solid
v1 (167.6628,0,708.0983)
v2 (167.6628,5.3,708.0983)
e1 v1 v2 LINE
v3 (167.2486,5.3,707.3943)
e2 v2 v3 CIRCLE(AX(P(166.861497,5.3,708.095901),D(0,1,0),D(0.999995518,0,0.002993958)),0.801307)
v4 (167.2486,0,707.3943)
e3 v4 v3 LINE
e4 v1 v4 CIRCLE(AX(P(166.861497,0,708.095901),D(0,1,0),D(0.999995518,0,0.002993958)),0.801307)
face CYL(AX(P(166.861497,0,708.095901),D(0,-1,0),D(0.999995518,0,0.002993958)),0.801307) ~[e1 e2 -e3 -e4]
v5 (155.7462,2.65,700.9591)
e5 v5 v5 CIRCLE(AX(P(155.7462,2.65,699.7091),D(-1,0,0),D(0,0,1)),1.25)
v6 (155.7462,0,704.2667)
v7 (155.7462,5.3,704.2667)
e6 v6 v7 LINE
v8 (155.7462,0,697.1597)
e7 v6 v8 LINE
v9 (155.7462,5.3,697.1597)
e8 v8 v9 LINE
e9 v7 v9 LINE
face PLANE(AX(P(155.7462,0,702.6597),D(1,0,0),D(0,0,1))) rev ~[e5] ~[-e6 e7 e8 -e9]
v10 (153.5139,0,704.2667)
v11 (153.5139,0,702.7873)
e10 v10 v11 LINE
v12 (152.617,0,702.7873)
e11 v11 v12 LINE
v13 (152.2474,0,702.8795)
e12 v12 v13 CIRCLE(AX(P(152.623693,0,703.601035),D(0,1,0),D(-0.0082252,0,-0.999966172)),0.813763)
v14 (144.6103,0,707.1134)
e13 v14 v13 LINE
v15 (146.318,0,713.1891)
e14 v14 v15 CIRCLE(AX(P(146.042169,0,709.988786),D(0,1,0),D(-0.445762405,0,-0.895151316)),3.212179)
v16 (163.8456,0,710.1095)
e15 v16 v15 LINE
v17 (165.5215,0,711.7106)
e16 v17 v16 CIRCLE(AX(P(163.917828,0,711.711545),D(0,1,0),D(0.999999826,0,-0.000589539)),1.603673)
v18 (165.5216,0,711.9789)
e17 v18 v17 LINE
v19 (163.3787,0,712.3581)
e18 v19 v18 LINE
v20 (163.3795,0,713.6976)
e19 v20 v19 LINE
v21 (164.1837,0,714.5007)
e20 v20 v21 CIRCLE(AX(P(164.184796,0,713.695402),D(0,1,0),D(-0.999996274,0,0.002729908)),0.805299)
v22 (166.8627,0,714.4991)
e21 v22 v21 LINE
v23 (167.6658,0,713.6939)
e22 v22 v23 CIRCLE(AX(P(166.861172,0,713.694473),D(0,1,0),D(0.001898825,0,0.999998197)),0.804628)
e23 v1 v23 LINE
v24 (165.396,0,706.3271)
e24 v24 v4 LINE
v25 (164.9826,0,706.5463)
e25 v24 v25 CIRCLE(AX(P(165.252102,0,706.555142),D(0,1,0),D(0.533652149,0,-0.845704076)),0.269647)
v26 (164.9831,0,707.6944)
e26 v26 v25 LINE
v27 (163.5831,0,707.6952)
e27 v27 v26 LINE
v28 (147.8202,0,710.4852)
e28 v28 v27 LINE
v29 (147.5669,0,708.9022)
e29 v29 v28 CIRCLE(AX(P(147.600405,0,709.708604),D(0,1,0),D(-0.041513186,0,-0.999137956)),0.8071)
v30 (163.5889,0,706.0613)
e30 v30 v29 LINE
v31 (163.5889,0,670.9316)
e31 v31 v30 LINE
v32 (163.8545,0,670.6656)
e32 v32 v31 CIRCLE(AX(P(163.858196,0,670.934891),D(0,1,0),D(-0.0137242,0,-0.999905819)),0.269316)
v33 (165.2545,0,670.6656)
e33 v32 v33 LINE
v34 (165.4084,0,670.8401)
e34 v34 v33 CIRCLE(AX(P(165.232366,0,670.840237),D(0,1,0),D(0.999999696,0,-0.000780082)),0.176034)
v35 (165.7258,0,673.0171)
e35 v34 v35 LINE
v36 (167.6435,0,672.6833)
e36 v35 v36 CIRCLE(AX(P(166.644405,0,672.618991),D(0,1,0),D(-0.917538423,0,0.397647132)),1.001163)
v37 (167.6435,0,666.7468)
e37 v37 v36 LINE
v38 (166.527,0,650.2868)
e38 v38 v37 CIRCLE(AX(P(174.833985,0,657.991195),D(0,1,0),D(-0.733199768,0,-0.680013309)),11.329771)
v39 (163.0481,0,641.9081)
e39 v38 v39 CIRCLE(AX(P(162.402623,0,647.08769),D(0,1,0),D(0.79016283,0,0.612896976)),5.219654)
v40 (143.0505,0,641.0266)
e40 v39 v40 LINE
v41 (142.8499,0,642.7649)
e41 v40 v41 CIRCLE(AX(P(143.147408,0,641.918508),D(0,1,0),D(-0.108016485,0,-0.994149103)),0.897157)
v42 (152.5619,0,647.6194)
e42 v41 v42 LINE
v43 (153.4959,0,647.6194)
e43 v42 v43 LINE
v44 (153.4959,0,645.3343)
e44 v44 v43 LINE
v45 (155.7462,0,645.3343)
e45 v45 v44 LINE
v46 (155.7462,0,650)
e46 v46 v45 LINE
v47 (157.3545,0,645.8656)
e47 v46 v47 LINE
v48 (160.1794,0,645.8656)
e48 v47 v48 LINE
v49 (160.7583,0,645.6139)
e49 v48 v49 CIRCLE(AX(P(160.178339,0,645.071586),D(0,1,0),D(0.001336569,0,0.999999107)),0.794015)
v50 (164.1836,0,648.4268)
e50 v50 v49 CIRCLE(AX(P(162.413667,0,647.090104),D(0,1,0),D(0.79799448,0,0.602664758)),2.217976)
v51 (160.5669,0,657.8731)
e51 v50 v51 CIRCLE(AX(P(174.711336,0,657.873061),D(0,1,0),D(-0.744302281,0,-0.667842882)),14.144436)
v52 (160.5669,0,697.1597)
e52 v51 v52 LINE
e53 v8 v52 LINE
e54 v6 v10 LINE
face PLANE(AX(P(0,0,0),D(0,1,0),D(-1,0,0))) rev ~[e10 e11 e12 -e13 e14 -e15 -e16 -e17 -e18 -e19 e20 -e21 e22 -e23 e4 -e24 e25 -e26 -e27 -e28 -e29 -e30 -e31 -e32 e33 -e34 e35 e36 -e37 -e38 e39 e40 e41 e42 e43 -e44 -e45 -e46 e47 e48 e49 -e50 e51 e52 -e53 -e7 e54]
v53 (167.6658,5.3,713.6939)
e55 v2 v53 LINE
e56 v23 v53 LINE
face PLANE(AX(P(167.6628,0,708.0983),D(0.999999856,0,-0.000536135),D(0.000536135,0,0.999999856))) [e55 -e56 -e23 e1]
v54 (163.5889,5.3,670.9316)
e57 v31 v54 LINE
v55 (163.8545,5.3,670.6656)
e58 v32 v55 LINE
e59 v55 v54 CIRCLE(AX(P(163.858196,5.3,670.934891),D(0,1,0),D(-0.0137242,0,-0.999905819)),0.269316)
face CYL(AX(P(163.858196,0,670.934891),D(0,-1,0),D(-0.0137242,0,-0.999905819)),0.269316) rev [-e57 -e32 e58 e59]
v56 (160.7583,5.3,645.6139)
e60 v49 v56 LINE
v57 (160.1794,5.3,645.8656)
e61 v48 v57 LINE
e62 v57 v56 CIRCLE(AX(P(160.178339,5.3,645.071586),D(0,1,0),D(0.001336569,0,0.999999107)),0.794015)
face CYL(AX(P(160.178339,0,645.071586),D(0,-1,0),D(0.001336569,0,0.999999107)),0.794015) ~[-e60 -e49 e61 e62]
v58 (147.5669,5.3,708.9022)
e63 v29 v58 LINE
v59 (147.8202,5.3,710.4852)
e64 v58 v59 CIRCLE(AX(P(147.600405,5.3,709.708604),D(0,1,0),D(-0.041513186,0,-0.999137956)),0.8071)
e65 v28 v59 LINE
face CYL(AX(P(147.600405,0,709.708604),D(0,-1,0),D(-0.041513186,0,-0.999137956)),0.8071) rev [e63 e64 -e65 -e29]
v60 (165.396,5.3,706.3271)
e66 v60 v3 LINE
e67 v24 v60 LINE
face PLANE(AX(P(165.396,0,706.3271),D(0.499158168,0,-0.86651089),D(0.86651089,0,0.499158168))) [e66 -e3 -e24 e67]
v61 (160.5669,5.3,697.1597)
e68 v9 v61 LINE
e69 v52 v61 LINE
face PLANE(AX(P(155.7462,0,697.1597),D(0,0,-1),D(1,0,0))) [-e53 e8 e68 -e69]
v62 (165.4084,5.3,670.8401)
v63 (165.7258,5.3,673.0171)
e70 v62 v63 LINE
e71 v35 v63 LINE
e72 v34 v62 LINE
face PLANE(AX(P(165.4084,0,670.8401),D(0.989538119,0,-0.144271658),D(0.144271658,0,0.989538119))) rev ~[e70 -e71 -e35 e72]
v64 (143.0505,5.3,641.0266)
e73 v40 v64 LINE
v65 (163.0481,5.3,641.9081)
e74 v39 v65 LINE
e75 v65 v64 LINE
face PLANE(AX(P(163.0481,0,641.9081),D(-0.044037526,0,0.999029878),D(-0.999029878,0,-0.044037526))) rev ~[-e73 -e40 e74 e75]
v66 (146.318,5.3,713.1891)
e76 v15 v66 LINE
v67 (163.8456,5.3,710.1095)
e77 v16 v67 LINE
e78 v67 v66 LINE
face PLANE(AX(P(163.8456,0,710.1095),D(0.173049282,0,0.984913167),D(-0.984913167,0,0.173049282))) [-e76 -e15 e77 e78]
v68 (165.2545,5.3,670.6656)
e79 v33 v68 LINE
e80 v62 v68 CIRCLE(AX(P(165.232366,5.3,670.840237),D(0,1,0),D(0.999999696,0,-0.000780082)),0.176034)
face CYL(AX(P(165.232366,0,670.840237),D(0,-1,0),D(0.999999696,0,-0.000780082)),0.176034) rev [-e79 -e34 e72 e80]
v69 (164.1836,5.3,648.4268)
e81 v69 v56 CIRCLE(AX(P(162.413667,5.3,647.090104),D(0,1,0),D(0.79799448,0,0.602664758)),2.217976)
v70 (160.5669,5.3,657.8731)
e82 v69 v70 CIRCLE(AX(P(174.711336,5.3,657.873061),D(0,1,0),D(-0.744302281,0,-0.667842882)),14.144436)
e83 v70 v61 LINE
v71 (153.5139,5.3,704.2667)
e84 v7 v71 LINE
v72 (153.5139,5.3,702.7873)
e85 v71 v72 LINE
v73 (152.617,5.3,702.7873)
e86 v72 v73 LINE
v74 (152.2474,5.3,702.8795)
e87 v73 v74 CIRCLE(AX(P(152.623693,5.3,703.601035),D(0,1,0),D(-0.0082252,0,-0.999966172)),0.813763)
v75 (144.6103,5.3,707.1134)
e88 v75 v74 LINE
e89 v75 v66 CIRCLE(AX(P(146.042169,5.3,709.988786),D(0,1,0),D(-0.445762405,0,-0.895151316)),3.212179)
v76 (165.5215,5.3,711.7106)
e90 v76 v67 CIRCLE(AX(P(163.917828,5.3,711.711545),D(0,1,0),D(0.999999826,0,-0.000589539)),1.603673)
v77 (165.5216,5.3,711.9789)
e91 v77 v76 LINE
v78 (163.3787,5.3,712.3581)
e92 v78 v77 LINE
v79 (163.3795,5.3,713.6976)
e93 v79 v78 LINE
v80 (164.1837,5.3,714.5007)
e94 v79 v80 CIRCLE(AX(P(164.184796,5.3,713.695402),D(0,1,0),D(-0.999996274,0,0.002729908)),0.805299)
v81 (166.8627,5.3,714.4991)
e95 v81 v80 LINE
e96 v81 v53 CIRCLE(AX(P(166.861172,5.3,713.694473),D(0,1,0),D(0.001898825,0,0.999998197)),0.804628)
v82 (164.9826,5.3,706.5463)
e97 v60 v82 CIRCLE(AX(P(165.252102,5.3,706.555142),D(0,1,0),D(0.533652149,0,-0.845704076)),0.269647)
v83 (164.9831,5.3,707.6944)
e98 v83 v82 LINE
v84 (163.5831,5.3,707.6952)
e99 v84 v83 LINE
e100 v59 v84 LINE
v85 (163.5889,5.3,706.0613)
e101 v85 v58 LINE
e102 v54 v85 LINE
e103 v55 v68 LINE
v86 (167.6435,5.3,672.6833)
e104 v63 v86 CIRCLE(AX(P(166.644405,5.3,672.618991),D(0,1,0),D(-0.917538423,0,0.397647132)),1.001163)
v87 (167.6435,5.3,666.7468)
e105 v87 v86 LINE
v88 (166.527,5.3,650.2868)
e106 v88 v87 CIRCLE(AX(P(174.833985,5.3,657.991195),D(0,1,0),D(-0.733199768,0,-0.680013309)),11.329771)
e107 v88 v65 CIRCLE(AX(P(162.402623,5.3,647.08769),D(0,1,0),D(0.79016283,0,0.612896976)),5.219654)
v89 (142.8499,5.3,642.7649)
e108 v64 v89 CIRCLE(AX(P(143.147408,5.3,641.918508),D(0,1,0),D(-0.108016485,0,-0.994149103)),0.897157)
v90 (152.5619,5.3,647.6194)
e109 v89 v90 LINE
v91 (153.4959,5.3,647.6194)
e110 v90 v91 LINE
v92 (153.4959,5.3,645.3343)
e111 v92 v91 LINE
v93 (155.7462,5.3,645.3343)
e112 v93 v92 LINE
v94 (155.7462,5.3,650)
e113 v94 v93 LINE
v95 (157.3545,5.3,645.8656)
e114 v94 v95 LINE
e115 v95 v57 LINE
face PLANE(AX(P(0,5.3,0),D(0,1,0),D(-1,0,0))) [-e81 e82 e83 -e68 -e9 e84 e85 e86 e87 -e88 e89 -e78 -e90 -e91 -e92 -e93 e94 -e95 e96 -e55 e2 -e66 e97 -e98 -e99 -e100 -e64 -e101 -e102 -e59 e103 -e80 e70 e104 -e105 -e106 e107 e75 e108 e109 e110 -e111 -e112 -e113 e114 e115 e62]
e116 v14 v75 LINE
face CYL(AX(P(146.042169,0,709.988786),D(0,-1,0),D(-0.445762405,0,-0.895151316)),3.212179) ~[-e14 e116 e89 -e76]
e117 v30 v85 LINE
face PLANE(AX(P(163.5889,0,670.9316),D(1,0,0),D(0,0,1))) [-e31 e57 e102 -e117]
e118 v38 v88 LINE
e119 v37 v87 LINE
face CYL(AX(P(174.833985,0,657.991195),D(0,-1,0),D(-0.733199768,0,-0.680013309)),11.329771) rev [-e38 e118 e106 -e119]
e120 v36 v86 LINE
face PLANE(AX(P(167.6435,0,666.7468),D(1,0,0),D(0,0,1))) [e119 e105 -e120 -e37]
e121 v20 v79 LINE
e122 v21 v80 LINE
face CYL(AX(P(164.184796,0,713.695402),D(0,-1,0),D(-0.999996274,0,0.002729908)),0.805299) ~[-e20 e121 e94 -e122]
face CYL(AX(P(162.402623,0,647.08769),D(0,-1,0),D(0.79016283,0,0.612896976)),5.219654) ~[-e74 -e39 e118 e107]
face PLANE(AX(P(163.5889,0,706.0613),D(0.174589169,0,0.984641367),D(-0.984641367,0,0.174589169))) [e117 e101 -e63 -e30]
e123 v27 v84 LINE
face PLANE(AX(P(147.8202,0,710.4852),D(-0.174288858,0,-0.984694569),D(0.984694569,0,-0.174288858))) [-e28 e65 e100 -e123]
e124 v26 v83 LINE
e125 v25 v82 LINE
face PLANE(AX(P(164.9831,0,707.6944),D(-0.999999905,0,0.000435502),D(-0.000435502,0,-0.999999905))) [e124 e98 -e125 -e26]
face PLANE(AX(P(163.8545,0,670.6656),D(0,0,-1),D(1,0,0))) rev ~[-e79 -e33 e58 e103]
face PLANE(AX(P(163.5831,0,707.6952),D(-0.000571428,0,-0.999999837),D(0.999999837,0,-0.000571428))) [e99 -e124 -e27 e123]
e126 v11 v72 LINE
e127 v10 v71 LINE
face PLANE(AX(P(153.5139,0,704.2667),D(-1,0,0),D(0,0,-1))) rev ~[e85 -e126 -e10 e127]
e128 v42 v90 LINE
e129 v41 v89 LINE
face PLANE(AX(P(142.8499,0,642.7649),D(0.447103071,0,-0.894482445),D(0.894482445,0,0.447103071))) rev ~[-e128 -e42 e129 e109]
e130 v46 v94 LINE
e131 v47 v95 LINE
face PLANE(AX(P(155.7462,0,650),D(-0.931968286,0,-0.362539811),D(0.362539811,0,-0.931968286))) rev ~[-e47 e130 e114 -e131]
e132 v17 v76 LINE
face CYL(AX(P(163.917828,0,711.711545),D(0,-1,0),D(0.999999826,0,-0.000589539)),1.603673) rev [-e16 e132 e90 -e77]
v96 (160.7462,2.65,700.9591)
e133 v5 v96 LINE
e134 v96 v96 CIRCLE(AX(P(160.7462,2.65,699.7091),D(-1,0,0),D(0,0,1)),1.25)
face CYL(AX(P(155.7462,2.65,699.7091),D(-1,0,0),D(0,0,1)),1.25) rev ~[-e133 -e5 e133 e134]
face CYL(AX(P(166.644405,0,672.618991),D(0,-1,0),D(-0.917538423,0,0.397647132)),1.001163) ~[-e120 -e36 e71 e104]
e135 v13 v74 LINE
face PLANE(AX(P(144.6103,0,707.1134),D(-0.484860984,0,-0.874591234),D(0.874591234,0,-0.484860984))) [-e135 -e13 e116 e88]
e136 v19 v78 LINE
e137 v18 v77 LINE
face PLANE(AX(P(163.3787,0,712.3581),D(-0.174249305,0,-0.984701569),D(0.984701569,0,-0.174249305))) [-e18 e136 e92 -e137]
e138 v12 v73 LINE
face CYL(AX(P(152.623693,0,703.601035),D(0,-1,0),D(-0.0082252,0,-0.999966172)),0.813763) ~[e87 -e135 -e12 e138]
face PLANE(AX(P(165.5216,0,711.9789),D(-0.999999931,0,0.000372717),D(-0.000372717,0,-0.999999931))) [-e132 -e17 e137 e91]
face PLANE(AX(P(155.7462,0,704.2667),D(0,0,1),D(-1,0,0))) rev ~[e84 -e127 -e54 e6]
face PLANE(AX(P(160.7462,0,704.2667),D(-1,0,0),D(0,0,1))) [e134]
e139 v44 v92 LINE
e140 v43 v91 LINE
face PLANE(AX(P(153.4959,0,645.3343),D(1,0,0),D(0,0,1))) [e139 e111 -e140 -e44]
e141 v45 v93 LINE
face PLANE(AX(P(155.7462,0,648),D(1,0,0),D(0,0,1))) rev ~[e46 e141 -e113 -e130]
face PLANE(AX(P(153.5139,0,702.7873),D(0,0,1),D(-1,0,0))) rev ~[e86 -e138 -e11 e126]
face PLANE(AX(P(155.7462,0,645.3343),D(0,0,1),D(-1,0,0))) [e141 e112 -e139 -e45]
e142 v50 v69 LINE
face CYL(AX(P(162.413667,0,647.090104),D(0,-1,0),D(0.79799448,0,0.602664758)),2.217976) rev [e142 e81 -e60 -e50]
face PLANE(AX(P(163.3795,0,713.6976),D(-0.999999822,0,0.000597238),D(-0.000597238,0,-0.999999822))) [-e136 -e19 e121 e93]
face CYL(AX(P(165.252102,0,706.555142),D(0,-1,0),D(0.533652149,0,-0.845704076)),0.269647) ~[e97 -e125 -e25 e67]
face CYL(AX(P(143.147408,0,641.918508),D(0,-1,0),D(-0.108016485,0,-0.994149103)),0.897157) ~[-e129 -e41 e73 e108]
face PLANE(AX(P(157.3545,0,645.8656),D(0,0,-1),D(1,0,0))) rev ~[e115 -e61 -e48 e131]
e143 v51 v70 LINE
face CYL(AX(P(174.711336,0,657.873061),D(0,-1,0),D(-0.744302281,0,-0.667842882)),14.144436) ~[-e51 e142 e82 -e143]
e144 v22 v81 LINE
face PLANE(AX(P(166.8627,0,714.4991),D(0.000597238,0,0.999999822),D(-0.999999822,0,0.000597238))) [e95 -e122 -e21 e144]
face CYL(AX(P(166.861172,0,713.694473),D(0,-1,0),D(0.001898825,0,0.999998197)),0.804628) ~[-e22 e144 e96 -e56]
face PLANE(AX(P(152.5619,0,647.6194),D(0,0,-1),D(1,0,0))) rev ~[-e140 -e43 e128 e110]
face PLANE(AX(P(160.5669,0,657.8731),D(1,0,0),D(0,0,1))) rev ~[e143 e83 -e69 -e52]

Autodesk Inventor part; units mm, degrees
ref_plane "YZ Plane" through (0, 0, 0) normal (1, 0, 0) x (0, 1, 0)
ref_plane "XZ Plane" through (0, 0, 0) normal (0, 1, 0) x (-1, 0, 0)
ref_plane "XY Plane" through (0, 0, 0) normal (0, 0, 1) x (1, 0, 0)
sketch "Sketch1" plane through (0, 0, 0) normal (0, 1, 0) x (-1, 0, 0)
  arc A0 (-159.7794, 702.6597) -> (-160.5669, 701.8721) centre (-159.7794, 701.8721) ccw
  line L0 (-155.7462, 702.6597) -> (-155.7462, 704.2667)
  line L1 (-155.7462, 704.2667) -> (-153.5139, 704.2667)
  line L2 (-153.5139, 704.2667) -> (-153.5139, 702.7873)
  line L3 (-153.5139, 702.7873) -> (-152.617, 702.7873)
  arc A1 (-164.1836, 648.4268) -> (-160.5669, 657.8731) centre (-174.7114, 657.8731) ccw
  line L4 (-160.5669, 657.8731) -> (-160.5669, 701.8721)
  arc A2 (-160.1794, 645.8656) -> (-160.7583, 645.6139) centre (-160.1783, 645.0714) ccw
  arc A3 (-164.1836, 648.4268) -> (-160.7583, 645.6139) centre (-162.4137, 647.0901) ccw
  line L5 (-155.7462, 648) -> (-155.7462, 645.3343)
  line L6 (-155.7462, 645.3343) -> (-153.4959, 645.3343)
  line L7 (-153.4959, 645.3343) -> (-153.4959, 647.6194)
  arc A4 (-143.0505, 641.0266) -> (-142.8499, 642.7649) centre (-143.1474, 641.9185) ccw
  line L8 (-163.0481, 641.9081) -> (-143.0505, 641.0266)
  arc A5 (-166.527, 650.2868) -> (-163.0481, 641.9081) centre (-162.4027, 647.0877) ccw
  arc A6 (-166.527, 650.2868) -> (-167.6435, 666.7468) centre (-174.834, 657.9912) ccw
  arc A7 (-163.8545, 670.6656) -> (-163.5889, 670.9316) centre (-163.8582, 670.9349) ccw
  line L9 (-163.5889, 706.0242) -> (-163.5889, 706.0613)
  line L10 (-163.5889, 706.0613) -> (-147.5669, 708.9022)
  arc A8 (-147.5669, 708.9022) -> (-147.8202, 710.4852) centre (-147.6004, 709.7086) ccw
  line L11 (-147.8202, 710.4852) -> (-163.5831, 707.6952)
  line L12 (-163.5831, 707.6952) -> (-164.9831, 707.6944)
  line L13 (-164.9831, 707.6944) -> (-164.9826, 706.5463)
  arc A9 (-165.396, 706.3271) -> (-164.9826, 706.5463) centre (-165.2521, 706.5552) ccw
  line L14 (-165.396, 706.3271) -> (-167.2486, 707.3943)
  arc A10 (-167.6628, 708.0983) -> (-167.2486, 707.3943) centre (-166.8615, 708.0959) ccw
  line L15 (-167.6628, 708.0983) -> (-167.6658, 713.6939)
  arc A11 (-166.8627, 714.4991) -> (-167.6658, 713.6939) centre (-166.8611, 713.6943) ccw
  line L16 (-166.8627, 714.4991) -> (-164.1837, 714.5007)
  arc A12 (-163.3795, 713.6976) -> (-164.1837, 714.5007) centre (-164.1848, 713.6954) ccw
  line L17 (-163.3795, 713.6976) -> (-163.3787, 712.3581)
  line L18 (-163.3787, 712.3581) -> (-165.5216, 711.9789)
  line L19 (-165.5216, 711.9789) -> (-165.5215, 711.7106)
  arc A13 (-165.5215, 711.7106) -> (-163.8456, 710.1095) centre (-163.9177, 711.7116) ccw
  line L20 (-163.8456, 710.1095) -> (-146.318, 713.1891)
  arc A14 (-144.6103, 707.1134) -> (-146.318, 713.1891) centre (-146.0422, 709.9888) ccw
  arc A15 (-152.617, 702.7873) -> (-152.2474, 702.8795) centre (-152.6236, 703.6003) ccw
  line L21 (-155.7462, 702.6597) -> (-155.7462, 700.1597)
  line L22 (-155.7462, 700.1597) -> (-156.9462, 700.1597)
  line L23 (-156.9462, 700.1597) -> (-157.7628, 702.6597)
  line L24 (-157.7628, 702.6597) -> (-159.7794, 702.6597)
  line L25 (-155.7462, 648) -> (-155.7462, 650)
  line L26 (-155.7462, 650) -> (-157.3545, 645.8656)
  line L27 (-157.3545, 645.8656) -> (-160.1794, 645.8656)
  line L28 (-144.6103, 707.1134) -> (-152.2474, 702.8795)
  line L29 (-152.5619, 647.6194) -> (-153.4959, 647.6194)
  line L30 (-163.8545, 670.6656) -> (-165.2545, 670.6656)
  arc A16 (-165.4084, 670.8401) -> (-165.2545, 670.6656) centre (-165.2322, 670.8403) ccw
  line L31 (-163.5889, 670.9316) -> (-163.5889, 706.0613)
  line L32 (-165.4084, 670.8401) -> (-165.7258, 673.0171)
  line L33 (-167.6435, 666.7468) -> (-167.6435, 672.6833)
  line L34 (-142.8499, 642.7649) -> (-152.5619, 647.6194)
  arc A17 (-165.7258, 673.0171) -> (-167.6435, 672.6833) centre (-166.6444, 672.619) ccw
  point P0 (-160.5669, 683.588)
  dimension "d2" = 43.999
  dimension "d6" = 2.5
  dimension "d7" = 1.2
  dimension "d8" = 2
  dimension "d18" = 1.4
  dimension "d20" = 2.2
  dimension "d21" = 1.4
  dimension "d22" = 4.0546
extrude "Extrusion1" add sketch "Sketch1" along normal blind 5.3
sketch "Sketch2" plane through (0, 0, 0) normal (0, -1, 0) x (1, 0, 0)
  line L0 (156.9462, 700.1597) -> (155.7462, 700.1597) projected
  line L1 (155.7462, 700.1597) -> (155.7462, 697.1597)
  line L2 (155.7462, 697.1597) -> (160.5669, 697.1597)
  line L3 (160.5669, 657.8731) -> (160.5669, 701.8721) projected
  line L4 (160.5669, 697.1597) -> (160.5783, 702.6397)
  line L5 (160.5783, 702.6397) -> (155.7462, 704.198)
  line L6 (155.7462, 704.198) -> (155.7462, 700.1597)
  point P0 (0, 0)
  dimension "d9" = 3
extrude "Extrusion2" add sketch "Sketch2" against normal blind 5.3
sketch "Sketch3" plane through (155.7462, 0, 704.2667) normal (-1, 0, 0) x (0, 0, 1)
  circle A0 centre (-4.5576, 2.65) radius 1.25
  line L0 (-7.107, 5.3) -> (0, 5.3) projected
  line L1 (0, 0) -> (-7.107, 0) projected
  point P0 (-704.2667, 0)
  dimension "d12" = 2.5
  dimension "d14" = 2.65
  dimension "d15" = 2.65
extrude "Extrusion3" cut sketch "Sketch3" against normal blind 5
properties part number "raspDinClipmmv4"
